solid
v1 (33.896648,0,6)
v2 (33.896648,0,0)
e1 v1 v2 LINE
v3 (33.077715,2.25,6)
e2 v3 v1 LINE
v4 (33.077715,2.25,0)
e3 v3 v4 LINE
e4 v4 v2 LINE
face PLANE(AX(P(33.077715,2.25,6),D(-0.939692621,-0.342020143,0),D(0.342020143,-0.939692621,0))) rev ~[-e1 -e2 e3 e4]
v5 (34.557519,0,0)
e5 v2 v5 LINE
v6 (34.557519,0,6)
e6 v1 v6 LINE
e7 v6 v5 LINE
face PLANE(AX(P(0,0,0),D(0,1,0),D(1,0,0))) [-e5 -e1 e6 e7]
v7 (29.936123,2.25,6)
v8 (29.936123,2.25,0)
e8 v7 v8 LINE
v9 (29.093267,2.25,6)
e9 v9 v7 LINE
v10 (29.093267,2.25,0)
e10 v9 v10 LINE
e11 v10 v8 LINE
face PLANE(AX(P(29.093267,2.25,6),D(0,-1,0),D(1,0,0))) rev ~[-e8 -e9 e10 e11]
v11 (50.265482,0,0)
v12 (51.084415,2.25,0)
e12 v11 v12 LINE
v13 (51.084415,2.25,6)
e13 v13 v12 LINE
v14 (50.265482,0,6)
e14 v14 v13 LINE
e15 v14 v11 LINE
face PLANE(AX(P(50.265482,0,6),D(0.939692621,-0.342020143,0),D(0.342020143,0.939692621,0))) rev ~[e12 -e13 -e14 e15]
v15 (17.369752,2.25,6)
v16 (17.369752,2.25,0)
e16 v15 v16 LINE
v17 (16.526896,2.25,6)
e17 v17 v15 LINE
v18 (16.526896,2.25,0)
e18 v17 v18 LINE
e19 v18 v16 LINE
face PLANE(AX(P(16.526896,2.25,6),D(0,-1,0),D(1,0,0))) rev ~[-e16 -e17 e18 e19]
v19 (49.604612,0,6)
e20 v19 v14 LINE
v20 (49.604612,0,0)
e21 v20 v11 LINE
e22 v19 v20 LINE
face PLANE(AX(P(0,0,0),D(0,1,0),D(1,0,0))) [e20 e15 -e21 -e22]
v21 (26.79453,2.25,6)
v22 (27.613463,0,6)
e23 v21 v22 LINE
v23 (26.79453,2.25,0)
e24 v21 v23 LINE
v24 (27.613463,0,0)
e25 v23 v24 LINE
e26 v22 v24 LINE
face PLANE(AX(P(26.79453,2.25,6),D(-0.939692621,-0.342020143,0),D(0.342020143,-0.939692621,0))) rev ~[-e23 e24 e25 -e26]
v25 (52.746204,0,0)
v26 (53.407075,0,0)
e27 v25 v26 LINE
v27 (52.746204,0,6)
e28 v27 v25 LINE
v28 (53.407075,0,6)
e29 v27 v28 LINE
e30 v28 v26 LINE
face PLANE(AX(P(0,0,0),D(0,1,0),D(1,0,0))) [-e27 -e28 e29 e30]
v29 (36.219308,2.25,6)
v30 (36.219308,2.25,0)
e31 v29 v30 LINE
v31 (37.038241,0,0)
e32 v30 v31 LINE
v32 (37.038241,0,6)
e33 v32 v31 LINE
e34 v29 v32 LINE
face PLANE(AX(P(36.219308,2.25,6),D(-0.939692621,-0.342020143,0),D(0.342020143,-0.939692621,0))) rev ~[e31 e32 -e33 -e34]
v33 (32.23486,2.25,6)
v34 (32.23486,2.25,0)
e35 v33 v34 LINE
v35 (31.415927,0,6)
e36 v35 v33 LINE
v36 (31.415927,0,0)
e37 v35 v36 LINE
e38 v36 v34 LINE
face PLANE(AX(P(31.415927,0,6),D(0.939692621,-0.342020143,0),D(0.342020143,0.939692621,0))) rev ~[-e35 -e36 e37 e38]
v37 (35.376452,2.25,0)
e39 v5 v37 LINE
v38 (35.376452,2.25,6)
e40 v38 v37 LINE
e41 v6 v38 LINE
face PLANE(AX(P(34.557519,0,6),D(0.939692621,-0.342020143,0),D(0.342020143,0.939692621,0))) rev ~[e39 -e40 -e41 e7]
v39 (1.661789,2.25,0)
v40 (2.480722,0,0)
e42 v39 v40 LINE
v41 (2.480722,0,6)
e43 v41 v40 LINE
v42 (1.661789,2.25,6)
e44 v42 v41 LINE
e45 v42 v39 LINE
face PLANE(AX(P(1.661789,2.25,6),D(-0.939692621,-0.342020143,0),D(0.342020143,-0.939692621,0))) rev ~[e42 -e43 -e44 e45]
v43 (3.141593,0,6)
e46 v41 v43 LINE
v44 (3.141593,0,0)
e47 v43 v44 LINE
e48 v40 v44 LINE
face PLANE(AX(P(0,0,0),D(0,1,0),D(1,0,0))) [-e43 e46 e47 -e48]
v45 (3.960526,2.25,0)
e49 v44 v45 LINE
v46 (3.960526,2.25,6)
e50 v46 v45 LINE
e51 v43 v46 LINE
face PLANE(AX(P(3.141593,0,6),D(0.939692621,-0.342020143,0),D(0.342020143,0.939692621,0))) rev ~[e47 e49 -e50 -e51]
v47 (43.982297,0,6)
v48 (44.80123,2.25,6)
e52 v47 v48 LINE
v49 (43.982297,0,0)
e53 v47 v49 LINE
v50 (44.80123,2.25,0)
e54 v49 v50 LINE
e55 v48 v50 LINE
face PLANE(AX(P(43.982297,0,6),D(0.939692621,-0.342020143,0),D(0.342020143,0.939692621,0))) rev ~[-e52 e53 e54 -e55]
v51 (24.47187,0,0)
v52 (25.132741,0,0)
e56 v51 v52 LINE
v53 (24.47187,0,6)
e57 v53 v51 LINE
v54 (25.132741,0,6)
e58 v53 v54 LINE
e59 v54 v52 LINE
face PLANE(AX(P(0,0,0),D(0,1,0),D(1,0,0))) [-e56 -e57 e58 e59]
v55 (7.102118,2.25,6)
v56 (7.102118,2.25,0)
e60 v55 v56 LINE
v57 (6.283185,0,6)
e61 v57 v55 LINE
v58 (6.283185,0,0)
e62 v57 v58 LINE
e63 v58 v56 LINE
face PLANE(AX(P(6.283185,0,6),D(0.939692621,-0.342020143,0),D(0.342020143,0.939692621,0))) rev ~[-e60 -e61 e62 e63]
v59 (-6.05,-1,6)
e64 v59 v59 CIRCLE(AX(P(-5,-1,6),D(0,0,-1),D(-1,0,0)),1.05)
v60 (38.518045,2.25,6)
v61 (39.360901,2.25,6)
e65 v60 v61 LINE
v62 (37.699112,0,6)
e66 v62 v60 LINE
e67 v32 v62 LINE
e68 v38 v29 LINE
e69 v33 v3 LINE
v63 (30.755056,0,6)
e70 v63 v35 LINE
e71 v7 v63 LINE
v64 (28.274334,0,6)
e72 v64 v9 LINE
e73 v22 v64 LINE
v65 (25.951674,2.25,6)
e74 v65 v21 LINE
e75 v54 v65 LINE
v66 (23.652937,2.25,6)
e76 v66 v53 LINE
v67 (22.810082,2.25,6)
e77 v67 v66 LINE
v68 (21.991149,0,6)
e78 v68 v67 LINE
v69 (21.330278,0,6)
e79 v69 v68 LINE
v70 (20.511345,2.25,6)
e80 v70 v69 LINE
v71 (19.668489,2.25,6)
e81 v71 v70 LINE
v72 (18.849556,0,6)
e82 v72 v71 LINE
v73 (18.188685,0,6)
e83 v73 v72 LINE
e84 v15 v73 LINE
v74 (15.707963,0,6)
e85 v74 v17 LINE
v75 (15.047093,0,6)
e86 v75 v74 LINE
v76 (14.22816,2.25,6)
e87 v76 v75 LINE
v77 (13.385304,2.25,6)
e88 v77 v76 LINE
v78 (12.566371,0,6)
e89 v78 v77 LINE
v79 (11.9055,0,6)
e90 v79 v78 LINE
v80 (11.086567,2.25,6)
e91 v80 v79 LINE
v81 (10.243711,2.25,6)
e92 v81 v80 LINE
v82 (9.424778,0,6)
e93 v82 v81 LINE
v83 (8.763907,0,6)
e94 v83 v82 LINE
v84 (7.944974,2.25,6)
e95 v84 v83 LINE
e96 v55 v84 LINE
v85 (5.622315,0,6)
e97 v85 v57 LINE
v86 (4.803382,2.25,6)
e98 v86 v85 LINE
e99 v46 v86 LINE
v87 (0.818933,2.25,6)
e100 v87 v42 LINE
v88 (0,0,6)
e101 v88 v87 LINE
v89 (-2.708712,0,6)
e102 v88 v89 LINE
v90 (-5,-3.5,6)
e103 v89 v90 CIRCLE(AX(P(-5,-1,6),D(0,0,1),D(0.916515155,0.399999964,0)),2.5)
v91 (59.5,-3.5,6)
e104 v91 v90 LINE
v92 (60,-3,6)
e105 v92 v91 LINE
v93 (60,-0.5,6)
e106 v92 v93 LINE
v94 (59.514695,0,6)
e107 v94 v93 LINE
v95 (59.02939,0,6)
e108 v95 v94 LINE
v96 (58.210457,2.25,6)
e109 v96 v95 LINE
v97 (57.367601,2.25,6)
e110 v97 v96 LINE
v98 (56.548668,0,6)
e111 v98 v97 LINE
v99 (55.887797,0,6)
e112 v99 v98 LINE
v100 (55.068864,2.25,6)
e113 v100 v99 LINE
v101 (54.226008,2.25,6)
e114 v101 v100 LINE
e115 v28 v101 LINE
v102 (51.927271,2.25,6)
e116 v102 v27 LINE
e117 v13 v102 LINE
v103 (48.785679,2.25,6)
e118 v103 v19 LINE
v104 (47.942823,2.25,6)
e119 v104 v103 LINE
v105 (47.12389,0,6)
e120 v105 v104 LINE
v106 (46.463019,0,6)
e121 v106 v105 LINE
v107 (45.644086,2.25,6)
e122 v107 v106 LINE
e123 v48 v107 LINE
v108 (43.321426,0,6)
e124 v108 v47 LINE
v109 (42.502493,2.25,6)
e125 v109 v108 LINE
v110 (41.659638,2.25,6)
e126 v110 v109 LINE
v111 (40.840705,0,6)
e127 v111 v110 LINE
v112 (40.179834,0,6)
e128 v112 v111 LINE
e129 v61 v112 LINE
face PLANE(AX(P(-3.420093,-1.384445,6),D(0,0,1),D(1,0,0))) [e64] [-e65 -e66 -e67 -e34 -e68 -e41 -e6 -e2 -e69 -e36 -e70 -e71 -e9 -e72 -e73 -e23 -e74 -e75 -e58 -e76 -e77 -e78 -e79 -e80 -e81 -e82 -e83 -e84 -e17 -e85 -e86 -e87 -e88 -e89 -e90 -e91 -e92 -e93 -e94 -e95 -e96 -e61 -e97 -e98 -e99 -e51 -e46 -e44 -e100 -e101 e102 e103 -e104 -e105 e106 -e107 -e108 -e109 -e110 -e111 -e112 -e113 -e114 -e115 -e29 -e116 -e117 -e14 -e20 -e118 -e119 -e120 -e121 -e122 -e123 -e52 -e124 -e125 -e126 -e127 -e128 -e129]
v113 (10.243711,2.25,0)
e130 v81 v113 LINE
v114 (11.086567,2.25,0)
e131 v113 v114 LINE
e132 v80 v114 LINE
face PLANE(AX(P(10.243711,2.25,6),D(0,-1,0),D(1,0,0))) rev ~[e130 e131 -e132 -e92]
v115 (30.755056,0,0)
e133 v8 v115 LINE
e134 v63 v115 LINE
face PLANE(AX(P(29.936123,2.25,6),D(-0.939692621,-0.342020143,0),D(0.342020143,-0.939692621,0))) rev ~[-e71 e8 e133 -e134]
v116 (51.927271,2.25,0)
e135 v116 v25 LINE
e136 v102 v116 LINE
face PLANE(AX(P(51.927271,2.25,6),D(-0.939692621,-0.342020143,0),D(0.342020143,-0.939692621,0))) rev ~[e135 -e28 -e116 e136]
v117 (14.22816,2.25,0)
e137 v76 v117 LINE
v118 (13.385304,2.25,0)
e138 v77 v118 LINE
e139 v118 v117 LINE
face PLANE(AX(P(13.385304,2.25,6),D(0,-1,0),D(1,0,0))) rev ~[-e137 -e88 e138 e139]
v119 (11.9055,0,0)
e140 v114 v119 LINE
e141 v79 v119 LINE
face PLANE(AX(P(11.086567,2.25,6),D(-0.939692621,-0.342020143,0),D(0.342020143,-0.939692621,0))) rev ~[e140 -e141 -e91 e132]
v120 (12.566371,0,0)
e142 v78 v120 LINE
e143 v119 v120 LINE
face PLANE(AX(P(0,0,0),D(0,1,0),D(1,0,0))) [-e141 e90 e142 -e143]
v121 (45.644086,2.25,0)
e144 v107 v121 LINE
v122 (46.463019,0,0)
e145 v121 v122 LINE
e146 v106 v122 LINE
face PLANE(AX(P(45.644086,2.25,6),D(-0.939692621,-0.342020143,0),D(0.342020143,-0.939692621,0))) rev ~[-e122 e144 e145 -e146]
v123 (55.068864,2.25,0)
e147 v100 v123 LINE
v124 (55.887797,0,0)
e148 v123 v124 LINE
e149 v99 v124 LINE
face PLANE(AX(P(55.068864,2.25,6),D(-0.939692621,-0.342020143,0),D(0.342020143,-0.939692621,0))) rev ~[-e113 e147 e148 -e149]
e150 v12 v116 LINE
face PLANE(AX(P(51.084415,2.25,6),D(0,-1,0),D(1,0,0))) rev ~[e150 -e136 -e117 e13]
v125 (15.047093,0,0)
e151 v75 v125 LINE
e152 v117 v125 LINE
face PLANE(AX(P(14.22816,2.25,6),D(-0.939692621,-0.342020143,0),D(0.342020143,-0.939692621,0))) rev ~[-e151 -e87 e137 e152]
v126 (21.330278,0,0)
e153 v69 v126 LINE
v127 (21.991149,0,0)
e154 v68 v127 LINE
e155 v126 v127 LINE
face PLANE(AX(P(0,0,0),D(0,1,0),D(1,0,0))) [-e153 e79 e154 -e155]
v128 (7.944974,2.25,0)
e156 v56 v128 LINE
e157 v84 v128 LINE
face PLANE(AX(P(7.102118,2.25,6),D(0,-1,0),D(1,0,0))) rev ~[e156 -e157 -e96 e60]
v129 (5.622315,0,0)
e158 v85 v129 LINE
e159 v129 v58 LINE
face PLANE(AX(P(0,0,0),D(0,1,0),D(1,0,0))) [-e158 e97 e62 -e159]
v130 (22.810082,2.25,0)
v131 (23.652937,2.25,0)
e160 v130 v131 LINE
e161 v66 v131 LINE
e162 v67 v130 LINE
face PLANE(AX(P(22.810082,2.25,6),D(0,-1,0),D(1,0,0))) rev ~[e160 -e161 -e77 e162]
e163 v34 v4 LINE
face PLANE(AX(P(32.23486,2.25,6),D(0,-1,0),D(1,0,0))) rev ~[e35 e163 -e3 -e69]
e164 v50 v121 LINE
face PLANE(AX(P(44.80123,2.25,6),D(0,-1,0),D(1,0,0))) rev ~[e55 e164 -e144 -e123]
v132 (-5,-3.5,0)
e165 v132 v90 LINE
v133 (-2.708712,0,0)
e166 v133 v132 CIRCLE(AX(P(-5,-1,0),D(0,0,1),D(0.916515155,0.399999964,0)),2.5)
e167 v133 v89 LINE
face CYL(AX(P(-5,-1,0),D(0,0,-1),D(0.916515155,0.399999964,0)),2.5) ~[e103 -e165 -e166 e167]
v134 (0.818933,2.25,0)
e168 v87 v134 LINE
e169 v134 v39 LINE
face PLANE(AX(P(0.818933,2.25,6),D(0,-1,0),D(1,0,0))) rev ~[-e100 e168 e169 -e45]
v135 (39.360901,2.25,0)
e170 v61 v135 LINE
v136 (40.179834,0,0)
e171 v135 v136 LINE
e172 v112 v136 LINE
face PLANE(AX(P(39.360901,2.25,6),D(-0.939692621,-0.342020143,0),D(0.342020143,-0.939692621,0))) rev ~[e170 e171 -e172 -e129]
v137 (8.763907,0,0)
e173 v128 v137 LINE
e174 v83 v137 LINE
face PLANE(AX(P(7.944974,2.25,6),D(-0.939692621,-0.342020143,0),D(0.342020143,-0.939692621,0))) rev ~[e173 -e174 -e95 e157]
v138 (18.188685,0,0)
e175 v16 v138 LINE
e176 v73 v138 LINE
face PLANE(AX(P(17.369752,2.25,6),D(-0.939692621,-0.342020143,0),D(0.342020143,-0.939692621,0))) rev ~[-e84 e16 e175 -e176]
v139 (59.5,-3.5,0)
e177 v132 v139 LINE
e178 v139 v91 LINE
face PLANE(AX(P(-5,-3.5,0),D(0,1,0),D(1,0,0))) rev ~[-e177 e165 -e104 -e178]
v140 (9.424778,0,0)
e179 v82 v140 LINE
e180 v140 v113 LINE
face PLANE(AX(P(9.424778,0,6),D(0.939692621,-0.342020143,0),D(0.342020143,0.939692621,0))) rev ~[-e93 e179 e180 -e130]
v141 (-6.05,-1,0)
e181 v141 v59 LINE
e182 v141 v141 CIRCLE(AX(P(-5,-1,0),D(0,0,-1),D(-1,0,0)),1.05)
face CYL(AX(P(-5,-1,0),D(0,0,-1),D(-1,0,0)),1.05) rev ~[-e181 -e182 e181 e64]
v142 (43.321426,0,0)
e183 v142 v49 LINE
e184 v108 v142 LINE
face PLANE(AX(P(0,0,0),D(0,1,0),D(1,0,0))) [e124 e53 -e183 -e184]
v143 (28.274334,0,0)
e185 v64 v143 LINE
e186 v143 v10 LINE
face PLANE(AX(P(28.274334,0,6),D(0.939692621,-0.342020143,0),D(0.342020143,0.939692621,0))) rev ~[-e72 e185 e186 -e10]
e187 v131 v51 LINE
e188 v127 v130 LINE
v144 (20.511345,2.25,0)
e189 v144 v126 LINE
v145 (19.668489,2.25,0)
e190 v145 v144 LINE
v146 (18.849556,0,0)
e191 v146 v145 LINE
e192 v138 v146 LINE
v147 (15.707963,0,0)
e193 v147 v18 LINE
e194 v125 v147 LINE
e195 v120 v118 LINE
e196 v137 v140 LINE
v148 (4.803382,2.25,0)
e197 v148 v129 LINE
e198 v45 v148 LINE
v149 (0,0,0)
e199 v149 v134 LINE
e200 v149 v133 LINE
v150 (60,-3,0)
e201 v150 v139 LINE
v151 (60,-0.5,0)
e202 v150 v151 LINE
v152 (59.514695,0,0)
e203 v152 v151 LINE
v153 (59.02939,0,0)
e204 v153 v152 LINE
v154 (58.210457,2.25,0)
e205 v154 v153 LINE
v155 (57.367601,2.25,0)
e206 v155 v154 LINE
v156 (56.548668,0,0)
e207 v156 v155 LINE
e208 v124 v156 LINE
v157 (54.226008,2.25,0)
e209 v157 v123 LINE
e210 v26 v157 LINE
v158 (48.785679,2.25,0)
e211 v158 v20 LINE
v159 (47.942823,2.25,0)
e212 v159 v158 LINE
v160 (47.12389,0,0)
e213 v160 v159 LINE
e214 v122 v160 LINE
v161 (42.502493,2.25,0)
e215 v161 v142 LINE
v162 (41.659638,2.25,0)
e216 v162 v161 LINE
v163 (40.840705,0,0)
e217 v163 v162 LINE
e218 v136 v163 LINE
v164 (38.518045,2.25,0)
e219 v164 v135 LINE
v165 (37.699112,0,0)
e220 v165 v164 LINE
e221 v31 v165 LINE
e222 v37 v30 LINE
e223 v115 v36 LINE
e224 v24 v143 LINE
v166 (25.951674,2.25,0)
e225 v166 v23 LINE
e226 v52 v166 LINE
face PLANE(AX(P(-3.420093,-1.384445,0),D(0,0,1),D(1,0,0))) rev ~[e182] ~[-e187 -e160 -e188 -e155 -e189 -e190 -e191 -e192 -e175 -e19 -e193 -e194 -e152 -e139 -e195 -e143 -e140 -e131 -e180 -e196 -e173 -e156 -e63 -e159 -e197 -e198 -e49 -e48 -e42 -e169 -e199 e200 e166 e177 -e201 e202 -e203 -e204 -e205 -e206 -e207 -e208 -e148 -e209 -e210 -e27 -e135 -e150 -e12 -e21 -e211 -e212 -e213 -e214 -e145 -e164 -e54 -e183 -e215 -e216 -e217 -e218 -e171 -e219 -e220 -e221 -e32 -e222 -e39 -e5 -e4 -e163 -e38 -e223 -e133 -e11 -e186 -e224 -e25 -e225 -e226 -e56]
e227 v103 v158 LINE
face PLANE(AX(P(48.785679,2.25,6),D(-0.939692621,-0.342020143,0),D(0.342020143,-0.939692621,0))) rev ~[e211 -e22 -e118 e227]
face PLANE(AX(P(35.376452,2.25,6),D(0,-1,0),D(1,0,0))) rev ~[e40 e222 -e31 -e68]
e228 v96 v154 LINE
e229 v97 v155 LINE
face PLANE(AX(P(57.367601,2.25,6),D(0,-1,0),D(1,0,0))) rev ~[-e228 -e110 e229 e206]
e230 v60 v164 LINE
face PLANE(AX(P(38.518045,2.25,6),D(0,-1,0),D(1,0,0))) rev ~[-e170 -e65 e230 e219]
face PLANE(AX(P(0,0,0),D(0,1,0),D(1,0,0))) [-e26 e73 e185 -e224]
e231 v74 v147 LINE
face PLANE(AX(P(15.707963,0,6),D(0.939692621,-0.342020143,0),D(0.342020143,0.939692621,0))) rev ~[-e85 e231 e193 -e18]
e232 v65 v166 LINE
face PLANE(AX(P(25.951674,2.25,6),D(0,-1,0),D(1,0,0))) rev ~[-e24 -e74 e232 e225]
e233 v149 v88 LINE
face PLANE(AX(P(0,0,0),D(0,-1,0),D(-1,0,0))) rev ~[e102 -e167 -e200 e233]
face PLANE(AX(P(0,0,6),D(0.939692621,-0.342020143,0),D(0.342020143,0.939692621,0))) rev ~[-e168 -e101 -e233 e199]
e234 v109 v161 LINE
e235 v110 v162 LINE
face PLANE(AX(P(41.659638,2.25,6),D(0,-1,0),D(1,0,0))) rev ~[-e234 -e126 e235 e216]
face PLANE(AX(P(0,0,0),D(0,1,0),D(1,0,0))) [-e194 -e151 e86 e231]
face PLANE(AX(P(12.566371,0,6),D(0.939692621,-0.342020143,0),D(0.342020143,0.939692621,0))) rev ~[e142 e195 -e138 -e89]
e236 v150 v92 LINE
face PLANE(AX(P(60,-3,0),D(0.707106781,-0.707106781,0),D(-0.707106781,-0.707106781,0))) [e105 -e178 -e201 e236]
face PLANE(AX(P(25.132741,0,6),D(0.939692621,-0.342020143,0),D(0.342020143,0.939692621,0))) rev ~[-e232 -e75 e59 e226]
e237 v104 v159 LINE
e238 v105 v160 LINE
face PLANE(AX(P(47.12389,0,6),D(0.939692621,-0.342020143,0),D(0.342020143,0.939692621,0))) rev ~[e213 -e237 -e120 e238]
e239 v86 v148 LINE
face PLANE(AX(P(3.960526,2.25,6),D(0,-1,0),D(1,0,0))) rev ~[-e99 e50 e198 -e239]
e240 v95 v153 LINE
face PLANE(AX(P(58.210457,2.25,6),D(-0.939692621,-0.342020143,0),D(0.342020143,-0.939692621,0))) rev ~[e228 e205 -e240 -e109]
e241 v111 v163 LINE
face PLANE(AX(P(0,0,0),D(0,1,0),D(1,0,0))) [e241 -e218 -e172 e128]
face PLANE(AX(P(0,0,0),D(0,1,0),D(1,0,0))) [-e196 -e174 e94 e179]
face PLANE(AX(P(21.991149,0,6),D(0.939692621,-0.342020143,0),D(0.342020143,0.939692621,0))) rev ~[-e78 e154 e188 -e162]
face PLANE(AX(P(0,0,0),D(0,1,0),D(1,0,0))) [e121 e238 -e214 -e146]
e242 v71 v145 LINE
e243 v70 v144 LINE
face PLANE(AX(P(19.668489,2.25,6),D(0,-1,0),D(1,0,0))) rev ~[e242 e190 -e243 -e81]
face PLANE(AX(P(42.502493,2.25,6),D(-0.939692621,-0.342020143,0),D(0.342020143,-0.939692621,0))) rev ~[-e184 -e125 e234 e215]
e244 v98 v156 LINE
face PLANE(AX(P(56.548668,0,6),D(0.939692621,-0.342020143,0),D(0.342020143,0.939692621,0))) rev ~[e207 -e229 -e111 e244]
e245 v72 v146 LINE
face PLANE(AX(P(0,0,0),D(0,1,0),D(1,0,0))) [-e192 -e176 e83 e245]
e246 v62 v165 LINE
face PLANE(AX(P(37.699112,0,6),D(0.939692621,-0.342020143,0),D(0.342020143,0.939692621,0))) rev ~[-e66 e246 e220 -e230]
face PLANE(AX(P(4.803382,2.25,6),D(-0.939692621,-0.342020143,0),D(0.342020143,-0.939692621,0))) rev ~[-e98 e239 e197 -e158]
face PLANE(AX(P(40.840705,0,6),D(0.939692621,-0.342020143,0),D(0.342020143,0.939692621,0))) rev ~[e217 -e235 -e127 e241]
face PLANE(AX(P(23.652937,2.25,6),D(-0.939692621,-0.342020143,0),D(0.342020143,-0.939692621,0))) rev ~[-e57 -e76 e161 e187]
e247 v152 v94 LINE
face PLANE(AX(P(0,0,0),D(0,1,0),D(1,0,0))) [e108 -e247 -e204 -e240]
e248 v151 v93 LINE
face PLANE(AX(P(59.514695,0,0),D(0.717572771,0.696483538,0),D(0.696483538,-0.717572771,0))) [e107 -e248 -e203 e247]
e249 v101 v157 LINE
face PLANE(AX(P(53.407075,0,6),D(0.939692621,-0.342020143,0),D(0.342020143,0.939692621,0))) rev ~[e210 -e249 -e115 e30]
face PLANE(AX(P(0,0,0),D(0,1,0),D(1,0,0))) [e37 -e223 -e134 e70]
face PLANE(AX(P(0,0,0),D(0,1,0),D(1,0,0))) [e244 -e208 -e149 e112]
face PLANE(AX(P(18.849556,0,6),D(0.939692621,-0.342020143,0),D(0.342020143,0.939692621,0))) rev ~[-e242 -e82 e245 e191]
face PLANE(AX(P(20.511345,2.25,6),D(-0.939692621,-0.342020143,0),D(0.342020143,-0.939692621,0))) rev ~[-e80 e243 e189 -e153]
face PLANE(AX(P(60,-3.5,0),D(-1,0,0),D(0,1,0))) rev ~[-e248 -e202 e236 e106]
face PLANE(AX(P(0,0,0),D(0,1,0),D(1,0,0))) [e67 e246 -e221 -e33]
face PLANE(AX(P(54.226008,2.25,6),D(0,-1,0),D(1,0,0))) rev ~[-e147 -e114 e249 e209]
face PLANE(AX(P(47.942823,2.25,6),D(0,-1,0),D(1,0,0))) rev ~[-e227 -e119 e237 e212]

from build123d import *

# Parameters (mm, degrees)
SKETCH_1_W             = 60
SKETCH_1_H             = 3.5
EXTRUDE_1_DEPTH        = 6
EXTRUDE_2_DEPTH        = 6
PATTERN_LINEAR_1_COUNT = 19
PATTERN_LINEAR_1_PITCH = 3.141592654
SKETCH_3_R             = 1.05
EXTRUDE_1_2_DEPTH      = 6
CUT_EXTRUDE_2_DEPTH    = 6


with BuildPart() as part:
    # 草图1 → Extrude 1 (new body)
    with BuildSketch(Plane.XY):
        with Locations((30, -1.75)):
            Rectangle(SKETCH_1_W, SKETCH_1_H)
    extrude(amount=EXTRUDE_1_DEPTH)

    # 草图2 → 拉伸2 (add)
    with BuildSketch(Plane.XY.offset(6)):
        Polygon((0, 0), (0.818933027, 2.25), (1.661788885, 2.25), (2.480721912, 0), align=None)
    extrude_2 = extrude(amount=-EXTRUDE_2_DEPTH)

    # 阵列(线性)1: 拉伸2 ×19
    with Locations(*[(i * PATTERN_LINEAR_1_PITCH, 0, 0) for i in range(1, PATTERN_LINEAR_1_COUNT)]):
        add(extrude_2)

    # 草图3 → Extrude 1 2 (add)
    with BuildSketch(Plane(origin=(0, 0, 0), x_dir=(-1, 0, 0), z_dir=(0, 0, -1))):
        with BuildLine():
            Line((5, -3.5), (0, -3.5))
            Line((0, -3.5), (0, 0))
            Line((0, 0), (2.708711936, 0))
            ThreePointArc((2.708711936, 0), (7.091650043, 0.36930643), (5, -3.5))
        make_face()
        with Locations((5, -1)):
            Circle(SKETCH_3_R, mode=Mode.SUBTRACT)
    extrude(amount=-EXTRUDE_1_2_DEPTH)

    # 草图5 → 切除-拉伸2 (cut)
    with BuildSketch(Plane(origin=(0, 0, 0), x_dir=(-1, 0, 0), z_dir=(0, 0, -1))):
        Polygon((-59.514694839, 0), (-60, -0.5), (-60, 0), align=None)
        Polygon((-60, -3.5), (-60, -3), (-59.5, -3.5), align=None)
    extrude(amount=-CUT_EXTRUDE_2_DEPTH, mode=Mode.SUBTRACT)


solid = part.part
